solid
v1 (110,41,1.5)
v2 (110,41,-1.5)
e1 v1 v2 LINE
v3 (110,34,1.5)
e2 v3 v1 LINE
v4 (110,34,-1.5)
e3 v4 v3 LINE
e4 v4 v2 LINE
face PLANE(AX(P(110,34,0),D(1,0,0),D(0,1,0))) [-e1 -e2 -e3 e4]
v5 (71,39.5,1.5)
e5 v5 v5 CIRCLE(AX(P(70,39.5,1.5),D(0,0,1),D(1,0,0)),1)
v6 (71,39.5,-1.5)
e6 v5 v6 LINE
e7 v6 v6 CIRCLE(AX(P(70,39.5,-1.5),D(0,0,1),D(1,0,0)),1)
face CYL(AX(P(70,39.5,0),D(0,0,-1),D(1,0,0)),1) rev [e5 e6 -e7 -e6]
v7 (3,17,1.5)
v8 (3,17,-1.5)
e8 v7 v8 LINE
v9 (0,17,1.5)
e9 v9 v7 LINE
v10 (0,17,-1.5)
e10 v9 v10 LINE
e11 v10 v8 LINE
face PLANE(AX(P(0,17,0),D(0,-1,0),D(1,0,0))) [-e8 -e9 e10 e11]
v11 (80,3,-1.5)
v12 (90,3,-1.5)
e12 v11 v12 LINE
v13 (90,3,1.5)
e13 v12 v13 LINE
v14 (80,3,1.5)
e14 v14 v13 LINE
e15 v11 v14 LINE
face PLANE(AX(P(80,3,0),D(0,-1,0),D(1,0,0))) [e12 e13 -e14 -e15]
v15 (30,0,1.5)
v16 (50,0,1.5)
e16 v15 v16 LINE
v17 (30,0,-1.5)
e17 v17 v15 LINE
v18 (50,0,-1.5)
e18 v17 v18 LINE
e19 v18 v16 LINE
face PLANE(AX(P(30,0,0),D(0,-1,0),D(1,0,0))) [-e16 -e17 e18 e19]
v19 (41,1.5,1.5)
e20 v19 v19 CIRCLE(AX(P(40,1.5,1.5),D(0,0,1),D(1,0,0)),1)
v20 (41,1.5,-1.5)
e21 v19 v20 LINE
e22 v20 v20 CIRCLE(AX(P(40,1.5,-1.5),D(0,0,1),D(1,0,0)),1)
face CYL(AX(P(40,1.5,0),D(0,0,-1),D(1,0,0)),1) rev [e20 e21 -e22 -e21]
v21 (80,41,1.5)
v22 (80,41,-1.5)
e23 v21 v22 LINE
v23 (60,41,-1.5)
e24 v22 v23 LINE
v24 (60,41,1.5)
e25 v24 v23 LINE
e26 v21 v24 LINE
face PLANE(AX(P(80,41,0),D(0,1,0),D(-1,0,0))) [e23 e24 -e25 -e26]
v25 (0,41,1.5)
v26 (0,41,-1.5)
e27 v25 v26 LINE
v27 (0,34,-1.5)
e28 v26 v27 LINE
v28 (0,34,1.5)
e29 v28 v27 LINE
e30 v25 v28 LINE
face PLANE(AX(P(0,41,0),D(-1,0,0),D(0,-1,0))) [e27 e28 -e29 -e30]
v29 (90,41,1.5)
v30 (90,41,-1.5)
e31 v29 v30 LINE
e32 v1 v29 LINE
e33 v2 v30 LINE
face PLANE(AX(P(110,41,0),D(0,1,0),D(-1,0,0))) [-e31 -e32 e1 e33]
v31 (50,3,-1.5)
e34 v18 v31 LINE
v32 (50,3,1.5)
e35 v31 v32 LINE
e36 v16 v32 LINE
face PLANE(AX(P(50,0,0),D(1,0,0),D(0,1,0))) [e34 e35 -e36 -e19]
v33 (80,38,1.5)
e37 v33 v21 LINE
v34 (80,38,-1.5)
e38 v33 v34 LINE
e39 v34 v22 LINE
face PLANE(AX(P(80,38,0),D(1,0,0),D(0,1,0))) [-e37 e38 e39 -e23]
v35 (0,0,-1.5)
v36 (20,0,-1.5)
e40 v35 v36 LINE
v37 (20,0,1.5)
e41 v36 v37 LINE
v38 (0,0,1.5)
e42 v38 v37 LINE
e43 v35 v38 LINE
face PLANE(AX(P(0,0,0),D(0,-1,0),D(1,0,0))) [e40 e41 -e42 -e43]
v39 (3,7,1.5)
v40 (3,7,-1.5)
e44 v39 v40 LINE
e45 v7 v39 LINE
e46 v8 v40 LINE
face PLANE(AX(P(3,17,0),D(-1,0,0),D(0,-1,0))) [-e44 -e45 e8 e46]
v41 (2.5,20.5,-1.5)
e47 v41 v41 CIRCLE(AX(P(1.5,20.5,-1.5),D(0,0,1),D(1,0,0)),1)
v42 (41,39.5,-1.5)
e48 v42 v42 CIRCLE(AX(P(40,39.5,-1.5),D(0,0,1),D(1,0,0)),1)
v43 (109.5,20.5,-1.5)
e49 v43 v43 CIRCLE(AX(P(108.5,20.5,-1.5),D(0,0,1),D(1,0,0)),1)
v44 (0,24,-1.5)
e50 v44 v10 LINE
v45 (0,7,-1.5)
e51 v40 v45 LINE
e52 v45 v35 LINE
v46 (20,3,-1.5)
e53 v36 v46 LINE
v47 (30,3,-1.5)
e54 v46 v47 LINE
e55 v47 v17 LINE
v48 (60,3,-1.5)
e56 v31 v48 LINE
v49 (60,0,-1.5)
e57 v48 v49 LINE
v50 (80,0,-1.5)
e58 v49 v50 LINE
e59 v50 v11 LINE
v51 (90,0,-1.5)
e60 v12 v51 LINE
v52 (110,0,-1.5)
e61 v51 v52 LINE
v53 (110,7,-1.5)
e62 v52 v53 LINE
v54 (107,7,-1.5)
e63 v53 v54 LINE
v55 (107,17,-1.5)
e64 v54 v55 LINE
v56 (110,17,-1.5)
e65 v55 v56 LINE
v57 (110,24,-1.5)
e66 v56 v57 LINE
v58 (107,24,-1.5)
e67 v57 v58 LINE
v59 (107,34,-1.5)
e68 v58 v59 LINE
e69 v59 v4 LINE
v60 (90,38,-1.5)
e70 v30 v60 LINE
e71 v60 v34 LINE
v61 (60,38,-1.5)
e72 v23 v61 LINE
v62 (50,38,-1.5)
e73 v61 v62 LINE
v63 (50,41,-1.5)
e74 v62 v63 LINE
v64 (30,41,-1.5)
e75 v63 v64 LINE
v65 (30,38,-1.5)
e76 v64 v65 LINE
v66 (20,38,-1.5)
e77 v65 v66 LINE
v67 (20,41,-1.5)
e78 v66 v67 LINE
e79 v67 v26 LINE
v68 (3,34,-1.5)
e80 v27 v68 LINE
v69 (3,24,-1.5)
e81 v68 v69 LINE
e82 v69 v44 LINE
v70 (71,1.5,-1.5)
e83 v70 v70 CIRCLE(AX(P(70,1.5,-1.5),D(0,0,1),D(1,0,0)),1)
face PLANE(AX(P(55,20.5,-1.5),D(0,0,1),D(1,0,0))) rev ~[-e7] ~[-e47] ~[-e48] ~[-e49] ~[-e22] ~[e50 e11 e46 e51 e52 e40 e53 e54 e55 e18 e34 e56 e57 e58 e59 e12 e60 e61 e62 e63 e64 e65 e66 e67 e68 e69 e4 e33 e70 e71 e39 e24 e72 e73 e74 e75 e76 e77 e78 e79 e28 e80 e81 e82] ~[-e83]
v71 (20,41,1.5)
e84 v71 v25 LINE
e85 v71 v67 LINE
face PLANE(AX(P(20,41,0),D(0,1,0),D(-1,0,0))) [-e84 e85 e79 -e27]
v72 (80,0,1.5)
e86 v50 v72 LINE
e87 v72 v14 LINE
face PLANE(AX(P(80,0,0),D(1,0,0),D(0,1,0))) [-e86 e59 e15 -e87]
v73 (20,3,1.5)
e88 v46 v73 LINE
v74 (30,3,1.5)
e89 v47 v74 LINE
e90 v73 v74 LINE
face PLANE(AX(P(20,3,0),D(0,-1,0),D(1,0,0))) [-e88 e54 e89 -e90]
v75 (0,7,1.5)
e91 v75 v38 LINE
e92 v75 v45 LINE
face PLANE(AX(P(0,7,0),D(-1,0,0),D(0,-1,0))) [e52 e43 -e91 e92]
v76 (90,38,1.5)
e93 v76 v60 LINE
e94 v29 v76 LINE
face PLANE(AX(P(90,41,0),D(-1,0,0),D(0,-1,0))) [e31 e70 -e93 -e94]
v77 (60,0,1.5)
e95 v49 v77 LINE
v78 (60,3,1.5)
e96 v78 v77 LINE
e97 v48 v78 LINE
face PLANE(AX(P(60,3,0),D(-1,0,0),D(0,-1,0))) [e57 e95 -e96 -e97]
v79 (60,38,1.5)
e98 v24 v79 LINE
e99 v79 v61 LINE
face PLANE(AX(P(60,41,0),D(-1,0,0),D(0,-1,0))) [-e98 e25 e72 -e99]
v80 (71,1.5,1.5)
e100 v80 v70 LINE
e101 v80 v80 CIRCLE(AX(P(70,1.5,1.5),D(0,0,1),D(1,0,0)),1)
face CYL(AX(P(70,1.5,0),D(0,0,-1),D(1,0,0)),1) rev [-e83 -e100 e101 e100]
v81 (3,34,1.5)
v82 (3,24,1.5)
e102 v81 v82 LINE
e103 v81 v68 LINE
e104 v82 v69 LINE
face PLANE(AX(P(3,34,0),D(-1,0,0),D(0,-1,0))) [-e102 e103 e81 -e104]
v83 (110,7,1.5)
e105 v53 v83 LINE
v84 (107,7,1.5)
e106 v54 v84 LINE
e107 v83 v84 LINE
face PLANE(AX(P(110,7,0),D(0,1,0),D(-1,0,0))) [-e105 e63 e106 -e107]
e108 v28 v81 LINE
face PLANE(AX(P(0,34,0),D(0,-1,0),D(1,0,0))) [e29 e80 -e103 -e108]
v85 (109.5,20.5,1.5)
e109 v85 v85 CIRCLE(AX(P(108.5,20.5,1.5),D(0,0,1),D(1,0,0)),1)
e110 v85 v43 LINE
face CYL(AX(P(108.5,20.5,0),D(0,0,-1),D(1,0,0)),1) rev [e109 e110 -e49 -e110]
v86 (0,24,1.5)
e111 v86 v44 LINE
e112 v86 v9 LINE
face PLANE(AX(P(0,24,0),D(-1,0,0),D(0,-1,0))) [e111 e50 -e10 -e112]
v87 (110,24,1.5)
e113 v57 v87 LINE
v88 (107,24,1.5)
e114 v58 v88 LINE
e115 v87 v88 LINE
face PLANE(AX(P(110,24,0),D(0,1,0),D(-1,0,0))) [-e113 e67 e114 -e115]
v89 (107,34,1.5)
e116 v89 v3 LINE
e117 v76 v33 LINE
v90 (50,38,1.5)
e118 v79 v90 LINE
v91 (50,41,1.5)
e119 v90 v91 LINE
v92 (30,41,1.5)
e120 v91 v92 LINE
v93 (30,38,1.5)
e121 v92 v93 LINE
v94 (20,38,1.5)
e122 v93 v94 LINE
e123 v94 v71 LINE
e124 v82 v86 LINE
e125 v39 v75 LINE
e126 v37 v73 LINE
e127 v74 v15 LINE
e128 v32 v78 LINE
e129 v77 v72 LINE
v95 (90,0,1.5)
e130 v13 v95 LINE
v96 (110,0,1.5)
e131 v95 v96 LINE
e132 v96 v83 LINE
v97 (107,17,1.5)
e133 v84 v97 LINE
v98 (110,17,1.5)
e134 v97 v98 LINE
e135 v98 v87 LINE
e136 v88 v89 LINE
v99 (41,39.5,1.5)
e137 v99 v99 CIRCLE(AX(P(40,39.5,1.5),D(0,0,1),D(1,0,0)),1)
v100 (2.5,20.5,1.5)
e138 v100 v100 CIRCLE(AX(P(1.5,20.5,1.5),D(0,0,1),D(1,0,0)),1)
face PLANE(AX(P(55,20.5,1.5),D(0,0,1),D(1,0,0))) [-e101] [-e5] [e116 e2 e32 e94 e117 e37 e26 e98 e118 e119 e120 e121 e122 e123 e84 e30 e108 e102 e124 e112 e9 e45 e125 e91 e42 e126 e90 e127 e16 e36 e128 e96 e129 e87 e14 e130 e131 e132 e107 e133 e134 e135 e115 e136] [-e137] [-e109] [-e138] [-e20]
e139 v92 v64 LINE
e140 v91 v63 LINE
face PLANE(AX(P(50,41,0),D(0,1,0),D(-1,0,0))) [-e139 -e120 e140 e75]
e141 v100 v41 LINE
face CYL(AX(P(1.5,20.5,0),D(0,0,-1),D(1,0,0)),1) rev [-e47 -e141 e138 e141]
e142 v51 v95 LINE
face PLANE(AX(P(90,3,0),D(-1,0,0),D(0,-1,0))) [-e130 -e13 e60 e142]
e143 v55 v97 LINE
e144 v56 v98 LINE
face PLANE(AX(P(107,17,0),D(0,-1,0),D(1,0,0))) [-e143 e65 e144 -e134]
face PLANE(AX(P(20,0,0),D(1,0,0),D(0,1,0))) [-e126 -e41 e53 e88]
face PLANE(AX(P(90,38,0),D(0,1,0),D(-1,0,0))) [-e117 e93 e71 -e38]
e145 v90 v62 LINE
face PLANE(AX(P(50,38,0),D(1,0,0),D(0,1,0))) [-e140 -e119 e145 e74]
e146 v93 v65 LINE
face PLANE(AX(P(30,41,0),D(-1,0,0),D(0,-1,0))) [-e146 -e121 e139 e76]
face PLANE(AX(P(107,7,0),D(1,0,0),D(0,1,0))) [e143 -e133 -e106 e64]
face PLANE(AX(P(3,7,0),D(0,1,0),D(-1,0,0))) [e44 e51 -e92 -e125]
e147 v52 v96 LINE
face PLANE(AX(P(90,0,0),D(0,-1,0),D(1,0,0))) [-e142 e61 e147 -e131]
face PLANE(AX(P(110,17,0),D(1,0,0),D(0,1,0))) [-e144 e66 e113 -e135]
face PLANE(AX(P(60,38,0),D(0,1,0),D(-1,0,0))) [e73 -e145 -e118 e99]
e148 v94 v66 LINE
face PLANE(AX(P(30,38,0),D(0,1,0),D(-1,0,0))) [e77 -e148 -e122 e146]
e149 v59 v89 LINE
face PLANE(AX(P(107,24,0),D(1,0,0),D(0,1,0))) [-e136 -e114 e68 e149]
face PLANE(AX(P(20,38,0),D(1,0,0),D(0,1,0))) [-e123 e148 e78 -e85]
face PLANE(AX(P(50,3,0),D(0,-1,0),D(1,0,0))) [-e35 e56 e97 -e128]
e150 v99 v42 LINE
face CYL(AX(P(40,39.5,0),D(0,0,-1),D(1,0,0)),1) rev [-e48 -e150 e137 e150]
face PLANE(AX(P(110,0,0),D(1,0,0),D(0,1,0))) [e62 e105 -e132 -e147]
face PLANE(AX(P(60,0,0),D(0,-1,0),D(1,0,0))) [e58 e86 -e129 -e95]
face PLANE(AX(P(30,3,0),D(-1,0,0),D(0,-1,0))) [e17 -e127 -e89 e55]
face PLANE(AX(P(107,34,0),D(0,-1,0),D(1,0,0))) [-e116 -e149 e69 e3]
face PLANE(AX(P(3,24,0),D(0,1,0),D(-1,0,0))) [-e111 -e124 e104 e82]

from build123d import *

# Parameters (mm, degrees)
F0_R     = 1
F1_DEPTH = 1.5


with BuildPart() as f1:
    # F0 (on Top) → F1 (new body, symmetric)
    with BuildSketch(Plane.XY):
        Polygon((0, 7), (0, 0), (20, 0), (20, 3), (30, 3), (30, 0), (50, 0), (50, 3), (55, 3), (60, 3), (60, 0), (80, 0), (80, 3), (90, 3), (90, 0), (110, 0), (110, 7), (107, 7), (107, 17), (110, 17), (110, 24), (107, 24), (107, 34), (110, 34), (110, 41), (90, 41), (90, 38), (80, 38), (80, 41), (60, 41), (60, 38), (55, 38), (50, 38), (50, 41), (30, 41), (30, 38), (20, 38), (20, 41), (0, 41), (0, 34), (3, 34), (3, 24), (0, 24), (0, 17), (3, 17), (3, 7), align=None)
        with Locations((40, 1.5)):
            Circle(F0_R, mode=Mode.SUBTRACT)
        with Locations((70, 1.5)):
            Circle(F0_R, mode=Mode.SUBTRACT)
        with Locations((1.5, 20.5)):
            Circle(F0_R, mode=Mode.SUBTRACT)
        with Locations((40, 39.5)):
            Circle(F0_R, mode=Mode.SUBTRACT)
        with Locations((108.5, 20.5)):
            Circle(F0_R, mode=Mode.SUBTRACT)
        with Locations((70, 39.5)):
            Circle(F0_R, mode=Mode.SUBTRACT)
    extrude(amount=F1_DEPTH, both=True)


solid = f1.part
